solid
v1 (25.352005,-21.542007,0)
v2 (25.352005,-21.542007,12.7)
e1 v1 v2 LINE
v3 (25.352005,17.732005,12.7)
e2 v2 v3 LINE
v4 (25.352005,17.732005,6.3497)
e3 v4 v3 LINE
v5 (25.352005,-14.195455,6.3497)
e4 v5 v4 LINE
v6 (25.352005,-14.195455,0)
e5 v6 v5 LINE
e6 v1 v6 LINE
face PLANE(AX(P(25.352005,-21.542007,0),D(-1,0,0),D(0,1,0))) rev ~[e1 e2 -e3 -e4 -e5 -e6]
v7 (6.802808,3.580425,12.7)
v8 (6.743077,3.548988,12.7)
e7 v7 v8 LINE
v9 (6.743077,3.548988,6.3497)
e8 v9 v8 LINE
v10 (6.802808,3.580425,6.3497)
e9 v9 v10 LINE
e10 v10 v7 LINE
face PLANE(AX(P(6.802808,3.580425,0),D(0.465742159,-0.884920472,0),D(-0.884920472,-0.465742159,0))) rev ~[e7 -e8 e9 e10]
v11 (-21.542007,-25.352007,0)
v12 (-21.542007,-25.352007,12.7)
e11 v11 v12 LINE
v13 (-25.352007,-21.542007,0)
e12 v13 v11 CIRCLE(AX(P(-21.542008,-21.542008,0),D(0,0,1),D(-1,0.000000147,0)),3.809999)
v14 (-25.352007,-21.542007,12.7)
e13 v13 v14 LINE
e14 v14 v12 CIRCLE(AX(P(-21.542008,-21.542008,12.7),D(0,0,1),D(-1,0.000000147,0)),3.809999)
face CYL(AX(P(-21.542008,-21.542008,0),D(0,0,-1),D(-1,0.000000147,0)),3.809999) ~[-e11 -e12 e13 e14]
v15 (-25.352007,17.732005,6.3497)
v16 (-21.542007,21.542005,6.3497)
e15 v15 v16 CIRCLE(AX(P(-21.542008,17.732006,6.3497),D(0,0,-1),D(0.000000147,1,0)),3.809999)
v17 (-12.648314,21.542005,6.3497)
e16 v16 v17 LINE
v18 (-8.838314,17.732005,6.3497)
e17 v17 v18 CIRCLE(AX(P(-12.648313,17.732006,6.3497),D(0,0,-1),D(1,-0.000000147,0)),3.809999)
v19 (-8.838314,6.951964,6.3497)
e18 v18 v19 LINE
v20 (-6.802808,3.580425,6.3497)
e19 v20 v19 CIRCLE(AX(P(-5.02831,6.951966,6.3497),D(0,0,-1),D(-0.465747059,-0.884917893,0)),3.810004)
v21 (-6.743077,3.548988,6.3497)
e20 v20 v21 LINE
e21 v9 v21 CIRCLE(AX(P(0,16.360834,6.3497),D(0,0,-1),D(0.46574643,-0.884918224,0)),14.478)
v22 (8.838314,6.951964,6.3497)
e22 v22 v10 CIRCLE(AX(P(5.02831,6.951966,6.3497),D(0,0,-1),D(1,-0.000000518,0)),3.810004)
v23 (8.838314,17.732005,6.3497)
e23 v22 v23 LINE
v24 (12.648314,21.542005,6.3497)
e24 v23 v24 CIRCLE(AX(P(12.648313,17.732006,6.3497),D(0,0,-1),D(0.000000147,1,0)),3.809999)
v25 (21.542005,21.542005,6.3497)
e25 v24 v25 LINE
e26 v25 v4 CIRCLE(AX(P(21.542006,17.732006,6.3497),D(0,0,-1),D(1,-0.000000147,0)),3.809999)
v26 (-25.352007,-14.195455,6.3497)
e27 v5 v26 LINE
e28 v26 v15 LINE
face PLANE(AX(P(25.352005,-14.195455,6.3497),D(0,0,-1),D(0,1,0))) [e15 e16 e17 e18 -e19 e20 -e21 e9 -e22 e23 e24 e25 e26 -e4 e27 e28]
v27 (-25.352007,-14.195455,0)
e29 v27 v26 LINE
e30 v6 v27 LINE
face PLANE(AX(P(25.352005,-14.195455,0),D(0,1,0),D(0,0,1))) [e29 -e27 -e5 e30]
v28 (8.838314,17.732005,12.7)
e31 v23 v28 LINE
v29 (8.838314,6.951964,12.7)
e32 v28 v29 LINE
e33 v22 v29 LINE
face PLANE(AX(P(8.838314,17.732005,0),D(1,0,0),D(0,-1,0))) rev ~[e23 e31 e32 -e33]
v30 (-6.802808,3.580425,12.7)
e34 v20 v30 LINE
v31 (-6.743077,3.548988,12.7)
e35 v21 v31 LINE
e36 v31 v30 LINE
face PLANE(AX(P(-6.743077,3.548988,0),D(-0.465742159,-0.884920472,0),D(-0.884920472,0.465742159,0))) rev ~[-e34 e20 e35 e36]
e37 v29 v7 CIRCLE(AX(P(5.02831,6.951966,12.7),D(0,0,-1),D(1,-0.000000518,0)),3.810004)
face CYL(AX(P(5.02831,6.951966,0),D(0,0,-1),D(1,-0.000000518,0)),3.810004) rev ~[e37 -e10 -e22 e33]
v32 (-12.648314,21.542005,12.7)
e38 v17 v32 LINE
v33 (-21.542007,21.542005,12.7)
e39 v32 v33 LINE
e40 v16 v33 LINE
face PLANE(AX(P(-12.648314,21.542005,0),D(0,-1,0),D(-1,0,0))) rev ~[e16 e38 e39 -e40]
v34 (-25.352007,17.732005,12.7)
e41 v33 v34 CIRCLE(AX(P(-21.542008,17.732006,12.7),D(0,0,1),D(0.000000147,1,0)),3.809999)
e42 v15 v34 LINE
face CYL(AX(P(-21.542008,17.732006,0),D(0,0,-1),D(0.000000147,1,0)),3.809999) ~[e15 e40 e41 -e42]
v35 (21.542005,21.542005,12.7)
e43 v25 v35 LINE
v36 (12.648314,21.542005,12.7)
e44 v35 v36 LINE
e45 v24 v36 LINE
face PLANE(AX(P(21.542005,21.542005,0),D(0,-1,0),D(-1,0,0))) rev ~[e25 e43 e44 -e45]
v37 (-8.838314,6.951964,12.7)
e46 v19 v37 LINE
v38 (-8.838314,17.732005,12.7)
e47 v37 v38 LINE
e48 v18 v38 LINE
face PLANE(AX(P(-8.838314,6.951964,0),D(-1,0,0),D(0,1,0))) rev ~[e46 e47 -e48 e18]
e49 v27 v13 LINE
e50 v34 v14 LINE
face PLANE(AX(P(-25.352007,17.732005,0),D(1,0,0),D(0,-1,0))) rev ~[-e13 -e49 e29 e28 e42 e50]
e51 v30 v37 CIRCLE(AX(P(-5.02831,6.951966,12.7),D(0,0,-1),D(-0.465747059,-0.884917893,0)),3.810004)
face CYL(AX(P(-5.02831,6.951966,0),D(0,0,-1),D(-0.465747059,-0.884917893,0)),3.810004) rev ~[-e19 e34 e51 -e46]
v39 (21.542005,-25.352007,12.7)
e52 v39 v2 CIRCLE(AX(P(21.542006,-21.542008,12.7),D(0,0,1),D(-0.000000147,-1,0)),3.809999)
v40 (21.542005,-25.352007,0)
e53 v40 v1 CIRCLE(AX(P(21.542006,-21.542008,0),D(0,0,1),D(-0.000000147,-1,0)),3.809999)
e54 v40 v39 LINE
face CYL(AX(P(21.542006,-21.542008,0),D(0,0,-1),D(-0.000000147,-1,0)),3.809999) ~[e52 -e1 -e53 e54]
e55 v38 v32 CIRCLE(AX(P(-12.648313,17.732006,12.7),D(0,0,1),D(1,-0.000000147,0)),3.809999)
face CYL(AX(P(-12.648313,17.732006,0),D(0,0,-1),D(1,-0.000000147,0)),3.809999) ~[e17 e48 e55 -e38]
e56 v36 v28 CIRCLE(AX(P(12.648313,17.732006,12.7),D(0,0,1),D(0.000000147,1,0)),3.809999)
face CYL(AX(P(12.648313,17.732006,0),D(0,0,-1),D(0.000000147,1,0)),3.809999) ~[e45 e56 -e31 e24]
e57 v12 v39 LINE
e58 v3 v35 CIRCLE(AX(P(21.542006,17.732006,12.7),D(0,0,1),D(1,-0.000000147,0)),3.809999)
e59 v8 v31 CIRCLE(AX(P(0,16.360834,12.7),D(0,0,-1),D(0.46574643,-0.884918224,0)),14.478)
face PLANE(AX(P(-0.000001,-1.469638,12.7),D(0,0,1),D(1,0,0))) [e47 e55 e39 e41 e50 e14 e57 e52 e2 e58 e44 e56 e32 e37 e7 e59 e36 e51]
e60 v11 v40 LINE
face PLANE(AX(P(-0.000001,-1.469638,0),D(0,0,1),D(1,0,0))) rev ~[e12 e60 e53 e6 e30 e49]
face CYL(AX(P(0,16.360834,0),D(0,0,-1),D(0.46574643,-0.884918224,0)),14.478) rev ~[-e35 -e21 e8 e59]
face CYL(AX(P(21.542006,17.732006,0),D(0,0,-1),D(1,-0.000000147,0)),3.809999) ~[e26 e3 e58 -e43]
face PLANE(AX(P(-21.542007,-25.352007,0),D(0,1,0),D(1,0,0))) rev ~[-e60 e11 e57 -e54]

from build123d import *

# Parameters (mm, degrees)
F1_DEPTH = 12.7
F2_W     = 50.427316
F2_H     = 6.3497
F3_DEPTH = 58.42


with BuildPart() as f1:
    # F0 (on Top) → F1 (new body)
    with BuildSketch(Plane.XY):
        with BuildLine():
            Line((-21.542007, -25.352007), (0, -25.352007))
            Line((0, -25.352007), (21.542005, -25.352007))
            ThreePointArc((21.542005, -25.352007), (24.236082, -24.236084), (25.352005, -21.542007))
            Line((25.352005, -21.542007), (25.352005, 17.732005))
            ThreePointArc((25.352005, 17.732005), (24.236082, 20.426082), (21.542005, 21.542005))
            Line((21.542005, 21.542005), (12.648314, 21.542005))
            ThreePointArc((12.648314, 21.542005), (9.954237, 20.426082), (8.838314, 17.732005))
            Line((8.838314, 17.732005), (8.838314, 6.951964))
            ThreePointArc((8.838314, 6.951964), (8.289979, 4.982792), (6.802808, 3.580425))
            Line((6.802808, 3.580425), (6.743077, 3.548988))
            ThreePointArc((6.743077, 3.548988), (0, 1.882834), (-6.743077, 3.548988))
            Line((-6.743077, 3.548988), (-6.802808, 3.580425))
            ThreePointArc((-6.802808, 3.580425), (-8.289979, 4.982792), (-8.838314, 6.951964))
            Line((-8.838314, 6.951964), (-8.838314, 17.732005))
            ThreePointArc((-8.838314, 17.732005), (-9.954237, 20.426082), (-12.648314, 21.542005))
            Line((-12.648314, 21.542005), (-21.542007, 21.542005))
            ThreePointArc((-21.542007, 21.542005), (-24.236084, 20.426082), (-25.352007, 17.732005))
            Line((-25.352007, 17.732005), (-25.352007, -21.542007))
            ThreePointArc((-25.352007, -21.542007), (-24.236084, -24.236084), (-21.542007, -25.352007))
        make_face()
    extrude(amount=F1_DEPTH)

    # F2 (on face) → F3 (cut)
    with BuildSketch(Plane.YZ.offset(25.352005)):
        with Locations((11.018203, 3.17485)):
            Rectangle(F2_W, F2_H)
    extrude(amount=-F3_DEPTH, mode=Mode.SUBTRACT)


solid = f1.part
